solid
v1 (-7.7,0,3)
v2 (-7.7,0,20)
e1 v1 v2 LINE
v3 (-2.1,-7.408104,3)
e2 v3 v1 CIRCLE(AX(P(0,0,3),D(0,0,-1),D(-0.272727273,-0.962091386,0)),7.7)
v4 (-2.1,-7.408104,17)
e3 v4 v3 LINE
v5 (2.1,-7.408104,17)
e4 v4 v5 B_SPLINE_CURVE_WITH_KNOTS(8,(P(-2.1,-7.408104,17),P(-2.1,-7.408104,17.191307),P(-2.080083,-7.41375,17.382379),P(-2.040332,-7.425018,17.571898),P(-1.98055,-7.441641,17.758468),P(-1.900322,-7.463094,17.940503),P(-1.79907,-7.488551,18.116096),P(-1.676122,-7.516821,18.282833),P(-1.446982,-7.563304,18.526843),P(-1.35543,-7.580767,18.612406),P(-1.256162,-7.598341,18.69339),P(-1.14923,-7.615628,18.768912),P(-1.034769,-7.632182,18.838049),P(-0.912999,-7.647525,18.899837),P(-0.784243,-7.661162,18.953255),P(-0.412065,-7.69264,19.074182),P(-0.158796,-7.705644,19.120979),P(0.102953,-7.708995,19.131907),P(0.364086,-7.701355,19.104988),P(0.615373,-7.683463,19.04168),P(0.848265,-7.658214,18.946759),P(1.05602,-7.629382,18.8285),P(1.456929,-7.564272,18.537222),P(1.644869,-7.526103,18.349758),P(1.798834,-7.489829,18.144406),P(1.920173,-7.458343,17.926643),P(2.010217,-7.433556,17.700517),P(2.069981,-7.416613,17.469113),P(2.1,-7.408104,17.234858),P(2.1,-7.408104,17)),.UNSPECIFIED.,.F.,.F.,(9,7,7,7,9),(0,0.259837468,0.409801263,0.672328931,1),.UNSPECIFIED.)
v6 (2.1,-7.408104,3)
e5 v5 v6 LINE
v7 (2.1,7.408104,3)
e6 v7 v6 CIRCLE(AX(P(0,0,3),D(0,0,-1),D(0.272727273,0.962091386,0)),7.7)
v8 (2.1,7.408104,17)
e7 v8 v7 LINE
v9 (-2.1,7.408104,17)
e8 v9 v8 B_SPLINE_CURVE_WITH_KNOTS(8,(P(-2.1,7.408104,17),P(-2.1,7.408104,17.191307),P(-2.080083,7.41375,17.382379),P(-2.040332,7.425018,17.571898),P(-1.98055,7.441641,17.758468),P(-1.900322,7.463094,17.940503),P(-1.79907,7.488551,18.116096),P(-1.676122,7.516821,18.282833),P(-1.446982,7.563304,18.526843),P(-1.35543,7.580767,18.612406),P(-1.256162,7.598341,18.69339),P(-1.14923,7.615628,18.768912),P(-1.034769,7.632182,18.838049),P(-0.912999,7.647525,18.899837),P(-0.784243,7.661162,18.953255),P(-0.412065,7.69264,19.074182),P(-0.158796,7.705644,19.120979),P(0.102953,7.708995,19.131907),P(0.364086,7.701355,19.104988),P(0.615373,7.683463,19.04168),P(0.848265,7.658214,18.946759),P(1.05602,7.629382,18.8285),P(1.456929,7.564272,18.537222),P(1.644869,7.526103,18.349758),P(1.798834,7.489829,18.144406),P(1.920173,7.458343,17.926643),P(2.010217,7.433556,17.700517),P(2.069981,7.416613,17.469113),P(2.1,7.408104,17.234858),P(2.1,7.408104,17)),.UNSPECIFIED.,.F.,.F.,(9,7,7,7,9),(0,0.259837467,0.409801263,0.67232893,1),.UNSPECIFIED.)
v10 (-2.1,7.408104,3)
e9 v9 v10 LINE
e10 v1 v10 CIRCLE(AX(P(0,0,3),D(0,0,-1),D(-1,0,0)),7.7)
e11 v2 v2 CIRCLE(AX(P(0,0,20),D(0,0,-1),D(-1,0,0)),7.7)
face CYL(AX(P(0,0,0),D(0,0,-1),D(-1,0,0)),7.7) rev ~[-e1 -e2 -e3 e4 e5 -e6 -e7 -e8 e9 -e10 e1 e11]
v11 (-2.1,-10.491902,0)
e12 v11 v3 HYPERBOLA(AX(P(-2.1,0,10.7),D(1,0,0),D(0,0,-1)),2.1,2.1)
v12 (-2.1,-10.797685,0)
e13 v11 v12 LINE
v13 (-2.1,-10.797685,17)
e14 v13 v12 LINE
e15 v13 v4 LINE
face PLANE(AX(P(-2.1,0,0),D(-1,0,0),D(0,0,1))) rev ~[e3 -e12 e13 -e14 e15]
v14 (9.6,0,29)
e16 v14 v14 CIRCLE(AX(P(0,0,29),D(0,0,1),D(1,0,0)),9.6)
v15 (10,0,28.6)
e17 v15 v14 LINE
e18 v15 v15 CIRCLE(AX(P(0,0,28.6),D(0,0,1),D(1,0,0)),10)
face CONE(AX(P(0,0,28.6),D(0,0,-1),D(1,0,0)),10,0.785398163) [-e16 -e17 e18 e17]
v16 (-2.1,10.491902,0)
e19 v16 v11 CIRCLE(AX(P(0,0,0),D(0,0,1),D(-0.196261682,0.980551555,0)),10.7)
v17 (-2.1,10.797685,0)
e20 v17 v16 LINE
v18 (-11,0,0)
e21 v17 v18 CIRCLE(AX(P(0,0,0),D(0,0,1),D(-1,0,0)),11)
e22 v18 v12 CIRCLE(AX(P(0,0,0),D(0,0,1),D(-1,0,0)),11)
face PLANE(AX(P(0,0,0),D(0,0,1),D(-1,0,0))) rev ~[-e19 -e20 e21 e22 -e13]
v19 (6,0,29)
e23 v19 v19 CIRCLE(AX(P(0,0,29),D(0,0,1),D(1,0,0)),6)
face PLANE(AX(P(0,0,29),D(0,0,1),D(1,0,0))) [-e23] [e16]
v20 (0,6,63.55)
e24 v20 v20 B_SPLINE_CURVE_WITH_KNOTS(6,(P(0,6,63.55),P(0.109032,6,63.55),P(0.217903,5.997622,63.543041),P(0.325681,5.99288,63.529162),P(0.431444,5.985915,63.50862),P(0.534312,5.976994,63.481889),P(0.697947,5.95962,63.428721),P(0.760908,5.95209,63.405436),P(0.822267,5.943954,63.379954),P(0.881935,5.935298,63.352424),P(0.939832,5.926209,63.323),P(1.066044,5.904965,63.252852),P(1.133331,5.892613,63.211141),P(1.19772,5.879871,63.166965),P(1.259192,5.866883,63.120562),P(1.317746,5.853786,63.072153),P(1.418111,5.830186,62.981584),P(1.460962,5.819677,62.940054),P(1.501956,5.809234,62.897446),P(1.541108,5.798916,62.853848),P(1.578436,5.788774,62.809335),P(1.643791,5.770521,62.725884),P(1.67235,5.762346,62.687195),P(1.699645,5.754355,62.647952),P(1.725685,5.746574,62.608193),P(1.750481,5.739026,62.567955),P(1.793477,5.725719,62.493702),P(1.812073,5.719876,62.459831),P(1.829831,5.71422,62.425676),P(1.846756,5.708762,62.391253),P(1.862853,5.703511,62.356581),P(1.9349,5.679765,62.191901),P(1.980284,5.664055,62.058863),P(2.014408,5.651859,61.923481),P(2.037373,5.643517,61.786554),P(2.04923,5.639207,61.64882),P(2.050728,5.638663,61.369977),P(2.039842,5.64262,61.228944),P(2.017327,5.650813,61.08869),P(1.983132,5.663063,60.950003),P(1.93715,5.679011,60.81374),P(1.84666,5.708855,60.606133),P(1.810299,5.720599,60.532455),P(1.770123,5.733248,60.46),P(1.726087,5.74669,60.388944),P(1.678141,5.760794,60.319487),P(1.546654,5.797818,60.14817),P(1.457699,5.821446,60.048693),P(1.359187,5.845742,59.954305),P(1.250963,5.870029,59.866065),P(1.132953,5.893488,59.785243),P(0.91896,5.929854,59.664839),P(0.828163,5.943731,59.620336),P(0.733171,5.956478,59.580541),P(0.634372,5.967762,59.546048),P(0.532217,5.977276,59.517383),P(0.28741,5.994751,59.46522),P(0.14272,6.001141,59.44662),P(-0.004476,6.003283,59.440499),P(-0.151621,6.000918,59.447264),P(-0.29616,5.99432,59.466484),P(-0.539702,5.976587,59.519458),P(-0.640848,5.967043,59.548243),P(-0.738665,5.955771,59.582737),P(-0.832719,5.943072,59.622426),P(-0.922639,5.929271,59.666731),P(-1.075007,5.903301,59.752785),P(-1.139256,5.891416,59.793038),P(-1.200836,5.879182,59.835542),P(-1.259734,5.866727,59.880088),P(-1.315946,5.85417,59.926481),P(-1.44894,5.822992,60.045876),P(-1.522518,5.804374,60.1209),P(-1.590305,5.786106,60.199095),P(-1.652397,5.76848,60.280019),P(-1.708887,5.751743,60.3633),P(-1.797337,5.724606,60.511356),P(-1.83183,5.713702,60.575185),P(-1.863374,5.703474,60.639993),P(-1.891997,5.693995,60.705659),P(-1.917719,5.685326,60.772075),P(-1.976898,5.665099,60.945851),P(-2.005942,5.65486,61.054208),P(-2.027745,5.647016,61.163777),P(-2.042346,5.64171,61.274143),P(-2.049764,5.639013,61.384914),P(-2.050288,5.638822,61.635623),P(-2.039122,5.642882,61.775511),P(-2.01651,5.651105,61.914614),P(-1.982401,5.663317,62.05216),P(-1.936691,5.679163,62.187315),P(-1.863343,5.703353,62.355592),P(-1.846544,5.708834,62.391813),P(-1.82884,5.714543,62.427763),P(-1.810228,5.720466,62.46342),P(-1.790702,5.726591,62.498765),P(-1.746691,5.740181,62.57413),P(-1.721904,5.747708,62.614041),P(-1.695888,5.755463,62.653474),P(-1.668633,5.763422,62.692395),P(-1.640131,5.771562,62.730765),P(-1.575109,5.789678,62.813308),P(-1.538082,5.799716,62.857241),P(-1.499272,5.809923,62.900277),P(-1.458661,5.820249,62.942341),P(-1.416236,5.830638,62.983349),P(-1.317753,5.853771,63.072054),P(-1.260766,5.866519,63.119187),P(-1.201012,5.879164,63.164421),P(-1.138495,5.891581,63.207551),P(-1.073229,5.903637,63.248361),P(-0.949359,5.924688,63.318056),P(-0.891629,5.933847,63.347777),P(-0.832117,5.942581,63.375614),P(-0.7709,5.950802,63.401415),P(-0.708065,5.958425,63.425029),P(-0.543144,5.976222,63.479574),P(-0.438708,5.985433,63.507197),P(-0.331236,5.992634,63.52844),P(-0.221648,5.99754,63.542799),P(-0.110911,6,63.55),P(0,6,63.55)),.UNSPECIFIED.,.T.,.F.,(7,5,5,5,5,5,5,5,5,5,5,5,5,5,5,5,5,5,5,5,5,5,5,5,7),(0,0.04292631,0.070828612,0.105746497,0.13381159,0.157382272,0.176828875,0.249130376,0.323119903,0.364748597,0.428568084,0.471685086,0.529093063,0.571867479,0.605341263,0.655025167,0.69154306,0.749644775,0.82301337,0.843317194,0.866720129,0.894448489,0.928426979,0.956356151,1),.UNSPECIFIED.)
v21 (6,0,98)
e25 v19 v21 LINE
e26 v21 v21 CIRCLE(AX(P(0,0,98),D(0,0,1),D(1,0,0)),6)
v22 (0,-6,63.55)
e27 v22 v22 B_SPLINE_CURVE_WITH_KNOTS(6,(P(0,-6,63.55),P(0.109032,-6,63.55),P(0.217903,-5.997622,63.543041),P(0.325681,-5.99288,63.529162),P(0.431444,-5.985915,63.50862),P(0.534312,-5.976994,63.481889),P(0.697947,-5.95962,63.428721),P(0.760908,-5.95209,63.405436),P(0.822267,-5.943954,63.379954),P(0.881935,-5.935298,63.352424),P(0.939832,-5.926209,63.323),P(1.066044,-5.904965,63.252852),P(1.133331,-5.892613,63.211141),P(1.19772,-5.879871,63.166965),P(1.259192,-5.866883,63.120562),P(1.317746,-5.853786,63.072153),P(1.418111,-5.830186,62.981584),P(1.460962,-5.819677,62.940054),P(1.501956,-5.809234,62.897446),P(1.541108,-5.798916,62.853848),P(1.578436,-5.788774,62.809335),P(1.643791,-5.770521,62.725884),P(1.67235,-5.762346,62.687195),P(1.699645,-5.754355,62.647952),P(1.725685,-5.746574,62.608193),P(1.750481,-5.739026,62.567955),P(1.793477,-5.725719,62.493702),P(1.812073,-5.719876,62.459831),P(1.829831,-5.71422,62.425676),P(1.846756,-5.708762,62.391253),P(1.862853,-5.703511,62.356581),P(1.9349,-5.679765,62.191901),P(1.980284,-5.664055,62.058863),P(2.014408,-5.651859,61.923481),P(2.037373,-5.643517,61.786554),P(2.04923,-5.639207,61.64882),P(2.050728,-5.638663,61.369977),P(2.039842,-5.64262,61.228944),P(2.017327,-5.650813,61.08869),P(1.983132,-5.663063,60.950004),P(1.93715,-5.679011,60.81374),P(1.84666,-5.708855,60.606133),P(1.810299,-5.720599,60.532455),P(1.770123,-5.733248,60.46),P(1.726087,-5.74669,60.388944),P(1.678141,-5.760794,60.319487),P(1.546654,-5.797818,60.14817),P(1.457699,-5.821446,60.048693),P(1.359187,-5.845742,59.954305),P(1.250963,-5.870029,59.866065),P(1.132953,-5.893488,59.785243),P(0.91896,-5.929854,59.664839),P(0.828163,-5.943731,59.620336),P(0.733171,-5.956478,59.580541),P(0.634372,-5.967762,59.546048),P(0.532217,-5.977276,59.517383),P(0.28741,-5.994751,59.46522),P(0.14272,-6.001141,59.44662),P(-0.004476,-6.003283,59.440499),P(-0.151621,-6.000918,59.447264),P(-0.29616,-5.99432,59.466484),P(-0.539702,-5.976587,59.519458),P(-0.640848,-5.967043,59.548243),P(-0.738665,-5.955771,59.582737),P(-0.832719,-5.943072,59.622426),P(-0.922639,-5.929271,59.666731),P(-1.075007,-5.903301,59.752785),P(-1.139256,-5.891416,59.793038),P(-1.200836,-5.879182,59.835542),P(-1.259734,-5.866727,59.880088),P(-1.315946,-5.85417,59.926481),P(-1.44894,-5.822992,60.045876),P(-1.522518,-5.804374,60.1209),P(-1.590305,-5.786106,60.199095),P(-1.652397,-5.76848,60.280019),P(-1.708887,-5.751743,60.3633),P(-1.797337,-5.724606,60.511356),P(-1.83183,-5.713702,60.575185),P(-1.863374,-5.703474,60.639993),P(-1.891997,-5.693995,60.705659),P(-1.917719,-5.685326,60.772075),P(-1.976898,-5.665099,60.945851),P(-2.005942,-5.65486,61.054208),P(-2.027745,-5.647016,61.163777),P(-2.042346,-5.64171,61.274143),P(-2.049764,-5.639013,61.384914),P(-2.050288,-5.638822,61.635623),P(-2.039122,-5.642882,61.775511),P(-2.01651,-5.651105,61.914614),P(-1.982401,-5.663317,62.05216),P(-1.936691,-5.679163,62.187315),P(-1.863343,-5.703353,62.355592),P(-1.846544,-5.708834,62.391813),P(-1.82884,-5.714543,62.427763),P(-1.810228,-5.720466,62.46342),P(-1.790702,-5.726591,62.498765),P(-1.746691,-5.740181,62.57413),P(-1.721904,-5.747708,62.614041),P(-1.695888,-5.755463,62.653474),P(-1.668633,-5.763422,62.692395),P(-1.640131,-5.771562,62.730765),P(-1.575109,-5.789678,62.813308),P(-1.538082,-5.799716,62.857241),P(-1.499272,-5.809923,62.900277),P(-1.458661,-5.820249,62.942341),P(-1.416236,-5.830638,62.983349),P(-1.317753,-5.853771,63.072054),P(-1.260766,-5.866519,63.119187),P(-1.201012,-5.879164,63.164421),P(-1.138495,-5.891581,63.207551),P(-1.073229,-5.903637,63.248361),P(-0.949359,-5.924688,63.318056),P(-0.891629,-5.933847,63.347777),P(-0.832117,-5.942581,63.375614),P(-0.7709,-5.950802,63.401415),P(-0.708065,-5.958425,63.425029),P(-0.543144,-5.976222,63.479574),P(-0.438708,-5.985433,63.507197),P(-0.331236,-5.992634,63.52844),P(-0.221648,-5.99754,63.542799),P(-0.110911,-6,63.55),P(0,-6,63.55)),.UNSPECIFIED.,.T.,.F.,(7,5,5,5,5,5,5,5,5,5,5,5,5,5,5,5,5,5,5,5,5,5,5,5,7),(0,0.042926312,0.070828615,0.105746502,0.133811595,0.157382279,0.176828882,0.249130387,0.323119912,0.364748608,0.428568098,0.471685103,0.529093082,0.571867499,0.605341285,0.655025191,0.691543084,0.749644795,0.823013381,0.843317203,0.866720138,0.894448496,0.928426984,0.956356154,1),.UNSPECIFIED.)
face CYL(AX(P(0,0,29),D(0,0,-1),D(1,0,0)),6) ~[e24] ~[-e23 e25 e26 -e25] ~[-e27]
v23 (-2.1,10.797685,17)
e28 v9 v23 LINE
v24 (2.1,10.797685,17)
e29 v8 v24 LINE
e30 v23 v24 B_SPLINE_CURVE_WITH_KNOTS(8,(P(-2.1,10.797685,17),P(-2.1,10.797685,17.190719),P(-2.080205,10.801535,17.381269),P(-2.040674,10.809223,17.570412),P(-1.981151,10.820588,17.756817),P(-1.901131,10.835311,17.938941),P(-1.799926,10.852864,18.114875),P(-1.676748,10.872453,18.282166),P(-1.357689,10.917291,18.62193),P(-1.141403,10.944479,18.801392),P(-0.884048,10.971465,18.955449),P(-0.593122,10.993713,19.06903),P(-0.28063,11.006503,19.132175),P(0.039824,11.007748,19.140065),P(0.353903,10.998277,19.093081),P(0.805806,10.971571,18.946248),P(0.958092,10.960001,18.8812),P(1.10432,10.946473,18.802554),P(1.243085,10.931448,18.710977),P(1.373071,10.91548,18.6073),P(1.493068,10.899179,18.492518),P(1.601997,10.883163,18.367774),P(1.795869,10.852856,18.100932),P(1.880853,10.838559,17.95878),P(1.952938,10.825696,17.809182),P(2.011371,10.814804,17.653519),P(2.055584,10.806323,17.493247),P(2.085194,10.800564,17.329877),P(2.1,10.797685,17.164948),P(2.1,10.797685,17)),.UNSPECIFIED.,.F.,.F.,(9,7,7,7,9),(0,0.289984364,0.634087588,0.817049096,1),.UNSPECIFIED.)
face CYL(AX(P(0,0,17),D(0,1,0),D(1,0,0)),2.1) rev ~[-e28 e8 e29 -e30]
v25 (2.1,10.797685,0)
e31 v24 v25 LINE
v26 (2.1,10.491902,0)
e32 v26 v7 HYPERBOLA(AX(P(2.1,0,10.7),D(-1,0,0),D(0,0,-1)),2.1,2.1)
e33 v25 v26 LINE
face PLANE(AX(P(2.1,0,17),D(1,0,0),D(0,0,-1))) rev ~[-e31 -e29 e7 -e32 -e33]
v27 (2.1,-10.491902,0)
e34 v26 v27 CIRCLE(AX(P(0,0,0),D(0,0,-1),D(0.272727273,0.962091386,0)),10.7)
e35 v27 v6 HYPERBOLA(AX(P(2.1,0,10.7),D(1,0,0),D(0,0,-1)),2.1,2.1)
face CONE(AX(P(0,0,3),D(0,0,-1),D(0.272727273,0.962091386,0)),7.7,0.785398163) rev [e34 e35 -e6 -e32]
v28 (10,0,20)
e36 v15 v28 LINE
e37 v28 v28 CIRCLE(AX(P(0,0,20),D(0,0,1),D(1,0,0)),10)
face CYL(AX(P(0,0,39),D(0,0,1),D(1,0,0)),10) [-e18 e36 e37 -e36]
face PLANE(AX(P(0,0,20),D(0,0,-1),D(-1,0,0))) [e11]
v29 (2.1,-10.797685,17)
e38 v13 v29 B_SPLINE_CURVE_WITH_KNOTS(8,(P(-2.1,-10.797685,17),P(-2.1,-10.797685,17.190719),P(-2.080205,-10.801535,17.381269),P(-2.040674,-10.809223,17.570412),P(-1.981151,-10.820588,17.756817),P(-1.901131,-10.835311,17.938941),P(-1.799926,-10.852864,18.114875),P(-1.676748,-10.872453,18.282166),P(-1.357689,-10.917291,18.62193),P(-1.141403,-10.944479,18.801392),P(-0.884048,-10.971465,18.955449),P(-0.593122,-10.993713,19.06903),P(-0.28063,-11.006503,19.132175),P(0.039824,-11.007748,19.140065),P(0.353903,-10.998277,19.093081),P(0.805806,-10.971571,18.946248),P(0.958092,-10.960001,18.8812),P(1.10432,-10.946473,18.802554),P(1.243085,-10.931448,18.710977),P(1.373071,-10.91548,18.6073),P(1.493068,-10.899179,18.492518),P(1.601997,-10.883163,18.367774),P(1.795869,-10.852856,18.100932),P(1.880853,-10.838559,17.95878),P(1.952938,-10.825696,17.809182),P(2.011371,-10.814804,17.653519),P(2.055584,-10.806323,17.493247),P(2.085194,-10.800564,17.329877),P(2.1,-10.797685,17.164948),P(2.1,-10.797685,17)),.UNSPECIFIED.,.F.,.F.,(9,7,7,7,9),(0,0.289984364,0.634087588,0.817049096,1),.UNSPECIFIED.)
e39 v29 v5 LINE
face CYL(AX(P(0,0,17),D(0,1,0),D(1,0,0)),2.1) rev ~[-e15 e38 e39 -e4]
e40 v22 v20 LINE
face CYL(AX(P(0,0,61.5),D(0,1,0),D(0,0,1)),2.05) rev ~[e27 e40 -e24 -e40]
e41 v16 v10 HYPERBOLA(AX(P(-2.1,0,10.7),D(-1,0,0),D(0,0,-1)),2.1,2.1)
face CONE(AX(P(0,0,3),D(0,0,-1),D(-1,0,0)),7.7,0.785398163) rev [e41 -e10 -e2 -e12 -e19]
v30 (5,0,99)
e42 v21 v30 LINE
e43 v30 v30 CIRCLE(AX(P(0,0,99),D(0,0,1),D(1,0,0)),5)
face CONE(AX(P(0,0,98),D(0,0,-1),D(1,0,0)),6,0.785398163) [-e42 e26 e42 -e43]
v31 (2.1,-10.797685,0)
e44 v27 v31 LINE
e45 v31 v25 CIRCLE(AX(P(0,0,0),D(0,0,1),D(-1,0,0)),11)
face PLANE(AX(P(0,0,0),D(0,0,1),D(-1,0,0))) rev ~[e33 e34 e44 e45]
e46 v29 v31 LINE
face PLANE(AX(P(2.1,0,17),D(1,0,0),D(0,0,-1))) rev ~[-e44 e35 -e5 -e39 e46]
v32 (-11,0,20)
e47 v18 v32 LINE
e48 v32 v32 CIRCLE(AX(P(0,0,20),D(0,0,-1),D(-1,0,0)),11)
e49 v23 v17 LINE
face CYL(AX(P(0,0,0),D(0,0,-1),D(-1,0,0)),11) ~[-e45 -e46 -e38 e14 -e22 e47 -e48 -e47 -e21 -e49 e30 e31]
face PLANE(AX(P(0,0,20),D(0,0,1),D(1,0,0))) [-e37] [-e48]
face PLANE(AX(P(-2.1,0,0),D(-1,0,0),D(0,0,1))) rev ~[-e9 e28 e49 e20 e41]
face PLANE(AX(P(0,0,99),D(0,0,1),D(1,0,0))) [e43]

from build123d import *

# Parameters (mm, degrees)
SKETCH_1_R           = 11
EXTRUDE_1_DEPTH      = 29
SKETCH_2_OUTSIDE_W   = 32.506
SKETCH_2_OUTSIDE_H   = 32.506
SKETCH_2_OUTSIDE_R   = 10
CUT_EXTRUDE_1_DEPTH  = 9
SKETCH_3_R           = 7.7
CUT_EXTRUDE_2_DEPTH  = 20
SKETCH_4_R           = 2.1
CUT_EXTRUDE_3_DEPTH  = 25
CHAMFER_1_SIZE       = 3
EXTRUDE_START        = 10
SKETCH_5_R           = 10
EXTRUDE_2_DEPTH      = 10
CUT_EXTRUDE_5_DEPTH  = 19
CUT_EXTRUDE_6_DEPTH  = 19
CHAMFER_2_SIZE       = 0.4
SKETCH_12_R          = 10
CUT_EXTRUDE_9_DEPTH  = 10
SKETCH_13_R          = 4.1
CUT_EXTRUDE_10_DEPTH = 9
CHAMFER_3_SIZE       = 0.4
SKETCH_15_R          = 4.1
EXTRUDE_3_DEPTH      = 9
SKETCH_16_R          = 6
EXTRUDE_4_DEPTH      = 70
CHAMFER_4_SIZE       = 1
SKETCH_17_R          = 2.05
CUT_EXTRUDE_12_DEPTH = 35


with BuildPart() as part:
    # 草图1 → 凸台-拉伸1 (new body)
    with BuildSketch(Plane.XY):
        with Locations(Location((0, 0, 0), (0, 0, 180))):
            Circle(SKETCH_1_R)
    extrude(amount=EXTRUDE_1_DEPTH)

    # 草图2 outside → 切除-拉伸1 (cut)
    with BuildSketch(Plane.XY.offset(29)):
        Rectangle(SKETCH_2_OUTSIDE_W, SKETCH_2_OUTSIDE_H)
        Circle(SKETCH_2_OUTSIDE_R, mode=Mode.SUBTRACT)
    extrude(amount=-CUT_EXTRUDE_1_DEPTH, mode=Mode.SUBTRACT)

    # 草图3 → 切除-拉伸2 (cut)
    with BuildSketch(Plane(origin=(0, 0, 0), x_dir=(-1, 0, 0), z_dir=(0, 0, -1))):
        Circle(SKETCH_3_R)
    extrude(amount=-CUT_EXTRUDE_2_DEPTH, mode=Mode.SUBTRACT)

    # 草图4 → 切除-拉伸3 (cut, symmetric)
    with BuildSketch(Plane(origin=(0, 0, 0), x_dir=(1, 0, 0), z_dir=(0, 1, 0))):
        with BuildLine():
            Line((-2.1, 0), (-2.1, -17))
            ThreePointArc((-2.1, -17), (0, -14.9), (2.1, -17))
            Line((2.1, -17), (2.1, 0))
            Line((2.1, 0), (-2.1, 0))
        make_face()
        with Locations((0, -17)):
            Circle(SKETCH_4_R)
    extrude(amount=CUT_EXTRUDE_3_DEPTH, both=True, mode=Mode.SUBTRACT)

    # 倒角1
    chamfer_1_edges = [part.edges().sort_by_distance(p)[0] for p in [
        (7.7, 0, 0),
        (-6.142475071, -4.643274706, 0),
    ]]
    chamfer(chamfer_1_edges, length=CHAMFER_1_SIZE)

    # 草图5 → 凸台-拉伸2 (add)
    with BuildSketch(Plane.XY.offset(29).offset(EXTRUDE_START)):
        Circle(SKETCH_5_R)
    extrude(amount=-EXTRUDE_2_DEPTH)

    # 草图6 → 切除-拉伸5 (cut)
    with BuildSketch(Plane.XY.offset(39)):
        with BuildLine():
            Line((3.122498999, 2.5), (-3.122498999, 2.5))
            ThreePointArc((-3.122498999, 2.5), (-1.324764885, -3.774254628), (4, 0))
            ThreePointArc((4, 0), (3.774254628, 1.324764885), (3.122498999, 2.5))
        make_face()
    extrude(amount=-CUT_EXTRUDE_5_DEPTH, mode=Mode.SUBTRACT)

    # 草图7 → 切除-拉伸6 (cut)
    with BuildSketch(Plane.XY.offset(39)):
        with BuildLine():
            Line((3.170173497, 2.6), (-3.170173497, 2.6))
            ThreePointArc((-3.170173497, 2.6), (0, -4.1), (3.170173497, 2.6))
        make_face()
    extrude(amount=-CUT_EXTRUDE_6_DEPTH, mode=Mode.SUBTRACT)

    # 倒角2
    chamfer_2_edges = [part.edges().sort_by_distance(p)[0] for p in [
        (0, -4.1, 39),
        (0, 2.6, 39),
    ]]
    chamfer(chamfer_2_edges, length=CHAMFER_2_SIZE)

    # 草图12 → 切除-拉伸9 (cut)
    with BuildSketch(Plane.XY.offset(39)):
        Circle(SKETCH_12_R)
    extrude(amount=-CUT_EXTRUDE_9_DEPTH, mode=Mode.SUBTRACT)

    # 草图13 → 切除-拉伸10 (cut)
    with BuildSketch(Plane.XY.offset(29)):
        Circle(SKETCH_13_R)
    extrude(amount=-CUT_EXTRUDE_10_DEPTH, mode=Mode.SUBTRACT)

    # 倒角3
    chamfer_3_edges = [part.edges().sort_by_distance(p)[0] for p in [
        (-10, 0, 29),
    ]]
    chamfer(chamfer_3_edges, length=CHAMFER_3_SIZE)

    # 草图15 → 凸台-拉伸3 (add)
    with BuildSketch(Plane.XY.offset(29)):
        Circle(SKETCH_15_R)
    extrude(amount=-EXTRUDE_3_DEPTH)

    # 草图16 → 凸台-拉伸4 (add)
    with BuildSketch(Plane.XY.offset(29)):
        Circle(SKETCH_16_R)
    extrude(amount=EXTRUDE_4_DEPTH)

    # 倒角4
    chamfer_4_edges = [part.edges().sort_by_distance(p)[0] for p in [
        (-6, 0, 99),
    ]]
    chamfer(chamfer_4_edges, length=CHAMFER_4_SIZE)

    # 草图17 → 切除-拉伸12 (cut, symmetric)
    with BuildSketch(Plane(origin=(0, 0, 0), x_dir=(1, 0, 0), z_dir=(0, 1, 0))):
        with Locations(Location((0, -61.5, 0), (0, 0, 270))):
            Circle(SKETCH_17_R)
    extrude(amount=CUT_EXTRUDE_12_DEPTH, both=True, mode=Mode.SUBTRACT)


solid = part.part
